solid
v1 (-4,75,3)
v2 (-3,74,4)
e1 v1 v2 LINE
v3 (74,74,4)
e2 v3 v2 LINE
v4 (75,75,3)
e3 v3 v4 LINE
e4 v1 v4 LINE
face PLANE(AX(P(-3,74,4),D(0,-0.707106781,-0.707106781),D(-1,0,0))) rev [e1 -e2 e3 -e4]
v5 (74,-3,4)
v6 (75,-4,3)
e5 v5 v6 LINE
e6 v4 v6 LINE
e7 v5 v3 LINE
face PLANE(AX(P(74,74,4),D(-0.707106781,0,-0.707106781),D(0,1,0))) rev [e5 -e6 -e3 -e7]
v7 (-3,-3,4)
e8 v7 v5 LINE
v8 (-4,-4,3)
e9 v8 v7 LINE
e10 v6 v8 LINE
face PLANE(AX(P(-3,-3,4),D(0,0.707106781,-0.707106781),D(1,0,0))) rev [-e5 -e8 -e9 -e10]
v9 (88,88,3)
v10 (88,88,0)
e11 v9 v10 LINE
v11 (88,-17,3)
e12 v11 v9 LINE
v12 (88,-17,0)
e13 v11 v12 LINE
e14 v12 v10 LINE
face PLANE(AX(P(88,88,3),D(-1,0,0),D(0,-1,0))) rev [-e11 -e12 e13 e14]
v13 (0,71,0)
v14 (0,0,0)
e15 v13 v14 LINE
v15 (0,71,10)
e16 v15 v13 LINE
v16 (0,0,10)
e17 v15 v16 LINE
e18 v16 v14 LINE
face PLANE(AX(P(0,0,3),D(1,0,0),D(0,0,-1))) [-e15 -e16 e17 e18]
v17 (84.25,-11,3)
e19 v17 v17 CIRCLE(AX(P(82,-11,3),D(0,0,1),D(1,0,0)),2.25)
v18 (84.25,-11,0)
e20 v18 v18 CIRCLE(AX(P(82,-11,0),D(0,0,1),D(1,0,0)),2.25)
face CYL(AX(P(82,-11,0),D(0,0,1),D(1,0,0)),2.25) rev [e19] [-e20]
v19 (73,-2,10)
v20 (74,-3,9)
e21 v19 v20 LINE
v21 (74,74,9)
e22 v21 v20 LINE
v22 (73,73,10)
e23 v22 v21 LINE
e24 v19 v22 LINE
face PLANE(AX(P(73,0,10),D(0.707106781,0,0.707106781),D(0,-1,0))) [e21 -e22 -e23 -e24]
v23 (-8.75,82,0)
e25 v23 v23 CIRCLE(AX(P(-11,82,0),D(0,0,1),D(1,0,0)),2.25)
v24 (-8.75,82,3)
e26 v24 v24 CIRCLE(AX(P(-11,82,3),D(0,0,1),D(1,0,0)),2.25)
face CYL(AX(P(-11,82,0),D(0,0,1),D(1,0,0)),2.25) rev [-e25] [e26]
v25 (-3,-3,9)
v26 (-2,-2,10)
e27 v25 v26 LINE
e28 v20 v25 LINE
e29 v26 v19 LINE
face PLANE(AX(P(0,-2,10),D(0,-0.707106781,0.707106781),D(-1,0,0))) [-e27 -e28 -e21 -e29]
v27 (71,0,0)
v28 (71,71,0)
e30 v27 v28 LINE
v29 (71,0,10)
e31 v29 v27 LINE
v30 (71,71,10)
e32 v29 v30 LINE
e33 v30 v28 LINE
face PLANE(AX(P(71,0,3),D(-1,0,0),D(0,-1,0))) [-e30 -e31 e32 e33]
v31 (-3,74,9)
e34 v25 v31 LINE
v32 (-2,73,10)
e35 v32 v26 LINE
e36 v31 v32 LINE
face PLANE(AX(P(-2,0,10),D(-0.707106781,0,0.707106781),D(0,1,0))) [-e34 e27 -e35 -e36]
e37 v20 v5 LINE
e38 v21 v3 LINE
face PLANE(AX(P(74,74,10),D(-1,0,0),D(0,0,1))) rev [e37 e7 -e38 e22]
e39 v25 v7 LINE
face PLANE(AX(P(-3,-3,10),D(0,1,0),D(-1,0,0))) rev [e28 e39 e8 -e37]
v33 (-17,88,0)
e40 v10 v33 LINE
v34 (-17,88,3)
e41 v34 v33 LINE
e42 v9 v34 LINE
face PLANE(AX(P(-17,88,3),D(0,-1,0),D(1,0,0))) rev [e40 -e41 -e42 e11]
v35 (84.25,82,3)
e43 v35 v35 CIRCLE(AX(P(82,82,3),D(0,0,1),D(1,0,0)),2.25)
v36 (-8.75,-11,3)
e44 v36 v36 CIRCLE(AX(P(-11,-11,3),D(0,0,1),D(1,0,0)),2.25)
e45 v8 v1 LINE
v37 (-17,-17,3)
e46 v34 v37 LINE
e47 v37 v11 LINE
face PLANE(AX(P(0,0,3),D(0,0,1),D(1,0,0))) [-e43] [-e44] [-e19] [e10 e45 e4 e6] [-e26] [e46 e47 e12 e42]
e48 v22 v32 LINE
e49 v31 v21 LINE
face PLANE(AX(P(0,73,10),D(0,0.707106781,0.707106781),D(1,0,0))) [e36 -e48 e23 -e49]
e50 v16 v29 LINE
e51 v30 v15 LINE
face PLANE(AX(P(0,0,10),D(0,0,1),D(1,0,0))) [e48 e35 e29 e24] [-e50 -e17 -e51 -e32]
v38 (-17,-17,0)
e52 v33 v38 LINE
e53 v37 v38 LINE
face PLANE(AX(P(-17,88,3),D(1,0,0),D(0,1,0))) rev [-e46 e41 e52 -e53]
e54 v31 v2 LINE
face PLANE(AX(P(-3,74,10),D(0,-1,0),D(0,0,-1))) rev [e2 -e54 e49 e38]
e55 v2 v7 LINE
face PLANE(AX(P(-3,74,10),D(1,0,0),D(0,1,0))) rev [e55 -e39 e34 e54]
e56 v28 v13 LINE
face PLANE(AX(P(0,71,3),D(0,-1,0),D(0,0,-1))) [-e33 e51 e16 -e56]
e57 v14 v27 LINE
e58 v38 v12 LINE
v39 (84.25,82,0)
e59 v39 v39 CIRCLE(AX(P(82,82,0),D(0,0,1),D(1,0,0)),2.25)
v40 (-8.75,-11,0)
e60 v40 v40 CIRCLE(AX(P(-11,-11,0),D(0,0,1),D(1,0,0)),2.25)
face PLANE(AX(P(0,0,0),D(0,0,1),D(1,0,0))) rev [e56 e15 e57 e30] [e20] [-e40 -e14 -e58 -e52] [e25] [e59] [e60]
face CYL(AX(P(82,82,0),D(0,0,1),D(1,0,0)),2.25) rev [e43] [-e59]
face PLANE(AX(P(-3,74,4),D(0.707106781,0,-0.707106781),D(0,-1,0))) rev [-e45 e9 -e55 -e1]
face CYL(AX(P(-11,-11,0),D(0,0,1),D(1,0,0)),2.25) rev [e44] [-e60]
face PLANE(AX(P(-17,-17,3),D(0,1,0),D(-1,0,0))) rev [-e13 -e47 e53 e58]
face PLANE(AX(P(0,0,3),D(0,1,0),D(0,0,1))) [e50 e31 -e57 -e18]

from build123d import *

# Parameters (mm, degrees)
SKETCH_1_W          = 105
SKETCH_1_H          = 105
SKETCH_1_W_2        = 71
SKETCH_1_H_2        = 71
EXTRUDE_1_DEPTH     = 3
SKETCH_2_W          = 77
SKETCH_2_H          = 77
SKETCH_2_W_2        = 71
SKETCH_2_H_2        = 71
EXTRUDE_2_DEPTH     = 7
CHAMFER_1_SIZE      = 1
SKETCH_4_R          = 2.25
CUT_EXTRUDE_1_DEPTH = 4


with BuildPart() as part:
    # Эскиз1 → Бобышка-Вытянуть1 (new body)
    with BuildSketch(Plane.XY):
        with Locations((35.5, 35.5)):
            Rectangle(SKETCH_1_W, SKETCH_1_H)
        with Locations((35.5, 35.5)):
            Rectangle(SKETCH_1_W_2, SKETCH_1_H_2, mode=Mode.SUBTRACT)
    extrude(amount=EXTRUDE_1_DEPTH)

    # Эскиз2 → Бобышка-Вытянуть2 (add)
    with BuildSketch(Plane.XY.offset(3)):
        with Locations((35.5, 35.5)):
            Rectangle(SKETCH_2_W, SKETCH_2_H)
        with Locations((35.5, 35.5)):
            Rectangle(SKETCH_2_W_2, SKETCH_2_H_2, mode=Mode.SUBTRACT)
    extrude(amount=EXTRUDE_2_DEPTH)

    # Фаска1
    chamfer_1_edges = [part.edges().sort_by_distance(p)[0] for p in [
        (-3, 35.5, 10),
        (35.5, -3, 10),
        (74, 35.5, 10),
        (35.5, 74, 10),
        (-3, 35.5, 3),
        (35.5, -3, 3),
        (74, 35.5, 3),
        (35.5, 74, 3),
    ]]
    chamfer(chamfer_1_edges, length=CHAMFER_1_SIZE)

    # Эскиз4 → Вырез-Вытянуть1 (cut, through all)
    with BuildSketch(Plane.XY.offset(3)):
        with Locations((-11, 82)):
            Circle(SKETCH_4_R)
        with Locations((82, 82)):
            Circle(SKETCH_4_R)
        with Locations((82, -11)):
            Circle(SKETCH_4_R)
        with Locations((-11, -11)):
            Circle(SKETCH_4_R)
    extrude(amount=-CUT_EXTRUDE_1_DEPTH, mode=Mode.SUBTRACT)


solid = part.part
